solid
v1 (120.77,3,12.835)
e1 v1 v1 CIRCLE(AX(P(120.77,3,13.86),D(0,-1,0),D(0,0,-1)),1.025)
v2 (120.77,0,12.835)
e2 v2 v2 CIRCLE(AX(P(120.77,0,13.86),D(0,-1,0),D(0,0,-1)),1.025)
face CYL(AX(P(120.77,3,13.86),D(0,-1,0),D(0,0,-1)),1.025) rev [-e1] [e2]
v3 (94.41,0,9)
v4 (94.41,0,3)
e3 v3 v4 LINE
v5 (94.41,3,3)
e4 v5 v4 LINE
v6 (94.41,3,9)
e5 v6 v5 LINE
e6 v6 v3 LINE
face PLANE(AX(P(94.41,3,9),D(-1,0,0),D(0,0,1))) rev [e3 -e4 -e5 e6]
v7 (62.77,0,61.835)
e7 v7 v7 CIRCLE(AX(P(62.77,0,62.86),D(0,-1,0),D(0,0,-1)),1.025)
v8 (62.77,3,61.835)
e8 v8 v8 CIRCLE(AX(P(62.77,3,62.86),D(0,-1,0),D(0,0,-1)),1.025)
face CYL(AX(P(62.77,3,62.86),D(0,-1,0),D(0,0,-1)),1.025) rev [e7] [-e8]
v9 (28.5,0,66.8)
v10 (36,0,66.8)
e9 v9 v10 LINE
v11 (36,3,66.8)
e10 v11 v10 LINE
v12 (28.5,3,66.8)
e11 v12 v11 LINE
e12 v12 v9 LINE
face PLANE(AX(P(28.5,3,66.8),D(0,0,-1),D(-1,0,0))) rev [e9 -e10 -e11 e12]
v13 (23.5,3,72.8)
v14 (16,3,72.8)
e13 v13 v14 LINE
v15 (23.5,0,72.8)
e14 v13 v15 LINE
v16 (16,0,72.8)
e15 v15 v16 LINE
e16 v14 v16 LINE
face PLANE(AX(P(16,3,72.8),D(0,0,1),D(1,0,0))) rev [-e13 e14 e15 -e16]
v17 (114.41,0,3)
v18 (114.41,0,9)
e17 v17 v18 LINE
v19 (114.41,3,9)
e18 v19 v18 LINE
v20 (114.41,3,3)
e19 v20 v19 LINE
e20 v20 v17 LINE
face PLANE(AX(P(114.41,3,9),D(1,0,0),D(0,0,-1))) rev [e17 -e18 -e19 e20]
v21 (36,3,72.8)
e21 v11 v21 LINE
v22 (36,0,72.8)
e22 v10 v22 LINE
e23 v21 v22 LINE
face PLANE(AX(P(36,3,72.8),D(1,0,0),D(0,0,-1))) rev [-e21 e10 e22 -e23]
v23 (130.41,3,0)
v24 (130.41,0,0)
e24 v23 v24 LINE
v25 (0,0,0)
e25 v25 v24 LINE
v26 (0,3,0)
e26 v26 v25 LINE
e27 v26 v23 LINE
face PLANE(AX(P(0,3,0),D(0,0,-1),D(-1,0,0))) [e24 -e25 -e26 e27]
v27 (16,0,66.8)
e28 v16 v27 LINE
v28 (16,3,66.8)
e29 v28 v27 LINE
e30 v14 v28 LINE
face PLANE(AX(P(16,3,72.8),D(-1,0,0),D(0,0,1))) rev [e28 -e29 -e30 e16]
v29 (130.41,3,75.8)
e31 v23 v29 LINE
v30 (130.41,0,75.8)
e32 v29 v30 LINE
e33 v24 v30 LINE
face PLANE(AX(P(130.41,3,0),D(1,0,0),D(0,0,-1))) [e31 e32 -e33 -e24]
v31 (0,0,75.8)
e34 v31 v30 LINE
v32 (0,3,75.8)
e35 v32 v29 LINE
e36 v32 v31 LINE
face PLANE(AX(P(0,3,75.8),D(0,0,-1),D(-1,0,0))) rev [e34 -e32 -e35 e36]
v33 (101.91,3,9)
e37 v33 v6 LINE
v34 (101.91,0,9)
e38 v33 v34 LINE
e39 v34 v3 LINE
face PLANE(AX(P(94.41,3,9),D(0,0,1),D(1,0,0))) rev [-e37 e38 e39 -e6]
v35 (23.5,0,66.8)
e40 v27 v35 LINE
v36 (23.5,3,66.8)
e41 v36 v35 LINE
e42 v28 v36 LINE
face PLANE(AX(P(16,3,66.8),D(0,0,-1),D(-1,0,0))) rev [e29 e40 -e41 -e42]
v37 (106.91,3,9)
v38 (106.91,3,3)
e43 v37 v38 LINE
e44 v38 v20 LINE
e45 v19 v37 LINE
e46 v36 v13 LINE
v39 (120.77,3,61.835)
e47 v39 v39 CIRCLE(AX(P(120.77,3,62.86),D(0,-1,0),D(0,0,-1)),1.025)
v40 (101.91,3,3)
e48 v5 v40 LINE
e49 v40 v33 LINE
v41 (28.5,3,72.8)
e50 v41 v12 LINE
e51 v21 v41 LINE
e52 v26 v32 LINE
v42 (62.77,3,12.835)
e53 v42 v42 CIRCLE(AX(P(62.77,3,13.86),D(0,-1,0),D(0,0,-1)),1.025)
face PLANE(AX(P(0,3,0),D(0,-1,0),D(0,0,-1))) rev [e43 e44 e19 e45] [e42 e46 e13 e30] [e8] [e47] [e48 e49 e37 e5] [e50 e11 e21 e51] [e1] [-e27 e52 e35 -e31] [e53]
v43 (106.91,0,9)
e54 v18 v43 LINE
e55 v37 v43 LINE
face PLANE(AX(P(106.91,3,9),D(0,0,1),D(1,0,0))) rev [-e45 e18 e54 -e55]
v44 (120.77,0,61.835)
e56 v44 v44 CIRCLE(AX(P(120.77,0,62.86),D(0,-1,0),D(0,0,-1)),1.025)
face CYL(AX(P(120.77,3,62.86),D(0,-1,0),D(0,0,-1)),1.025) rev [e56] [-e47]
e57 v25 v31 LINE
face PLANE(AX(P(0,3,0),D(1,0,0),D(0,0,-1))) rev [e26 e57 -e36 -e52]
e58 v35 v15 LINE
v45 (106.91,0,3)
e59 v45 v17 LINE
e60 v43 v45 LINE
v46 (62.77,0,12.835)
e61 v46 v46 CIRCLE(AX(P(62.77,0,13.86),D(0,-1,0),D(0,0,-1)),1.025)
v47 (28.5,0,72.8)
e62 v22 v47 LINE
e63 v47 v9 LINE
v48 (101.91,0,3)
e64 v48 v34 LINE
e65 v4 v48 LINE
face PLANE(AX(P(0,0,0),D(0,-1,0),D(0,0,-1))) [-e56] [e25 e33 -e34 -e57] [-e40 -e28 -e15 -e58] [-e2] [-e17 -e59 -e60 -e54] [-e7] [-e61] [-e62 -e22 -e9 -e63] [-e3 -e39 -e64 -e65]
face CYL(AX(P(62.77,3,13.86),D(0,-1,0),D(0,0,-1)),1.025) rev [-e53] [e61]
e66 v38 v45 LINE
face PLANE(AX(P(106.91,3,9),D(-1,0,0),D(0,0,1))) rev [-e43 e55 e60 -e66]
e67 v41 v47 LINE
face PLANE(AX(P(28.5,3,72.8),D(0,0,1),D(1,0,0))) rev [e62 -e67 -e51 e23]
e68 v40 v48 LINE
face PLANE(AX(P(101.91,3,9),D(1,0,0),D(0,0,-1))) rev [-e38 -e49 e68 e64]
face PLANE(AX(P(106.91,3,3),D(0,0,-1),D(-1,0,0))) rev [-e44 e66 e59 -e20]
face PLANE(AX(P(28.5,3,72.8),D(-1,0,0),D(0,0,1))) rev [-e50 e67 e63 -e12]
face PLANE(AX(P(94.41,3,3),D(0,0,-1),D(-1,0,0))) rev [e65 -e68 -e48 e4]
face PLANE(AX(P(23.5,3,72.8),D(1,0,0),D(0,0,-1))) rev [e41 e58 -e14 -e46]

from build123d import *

# Parameters (mm, degrees)
SKETCH1_W           = 130.41
SKETCH1_H           = 75.8
BOSS_EXTRUDE1_DEPTH = 3
SKETCH5_W           = 7.5
SKETCH5_H           = 6
CUT_EXTRUDE4_DEPTH  = 151.868844033
SKETCH6_W           = 7.5
SKETCH6_H           = 6
CUT_EXTRUDE5_DEPTH  = 151.868844033
SKETCH8_R           = 1.025
CUT_EXTRUDE7_DEPTH  = 151.868844033
SKETCH9_R           = 1.025
CUT_EXTRUDE8_DEPTH  = 151.868844033


with BuildPart() as part:
    # Sketch1 → Boss-Extrude1 (new body)
    with BuildSketch(Plane(origin=(0, 0, 0), x_dir=(1, 0, 0), z_dir=(0, 1, 0))):
        with Locations((65.205, -37.9)):
            Rectangle(SKETCH1_W, SKETCH1_H)
    extrude(amount=BOSS_EXTRUDE1_DEPTH)

    # Sketch5 → Cut-Extrude4 (cut, through all)
    with BuildSketch(Plane.XZ):
        with Locations((32.25, 69.8)):
            Rectangle(SKETCH5_W, SKETCH5_H)
        with Locations((19.75, 69.8)):
            Rectangle(SKETCH5_W, SKETCH5_H)
    extrude(amount=-CUT_EXTRUDE4_DEPTH, mode=Mode.SUBTRACT)

    # Sketch6 → Cut-Extrude5 (cut, through all)
    with BuildSketch(Plane.XZ):
        with Locations((98.16, 6)):
            Rectangle(SKETCH6_W, SKETCH6_H)
        with Locations((110.66, 6)):
            Rectangle(SKETCH6_W, SKETCH6_H)
    extrude(amount=-CUT_EXTRUDE5_DEPTH, mode=Mode.SUBTRACT)

    # Sketch8 → Cut-Extrude7 (cut, through all)
    with BuildSketch(Plane.XZ):
        with Locations(Location((120.77, 13.86, 0), (0, 0, 270))):
            Circle(SKETCH8_R)
        with Locations(Location((120.77, 62.86, 0), (0, 0, 270))):
            Circle(SKETCH8_R)
    extrude(amount=-CUT_EXTRUDE7_DEPTH, mode=Mode.SUBTRACT)

    # Sketch9 → Cut-Extrude8 (cut, through all)
    with BuildSketch(Plane.XZ):
        with Locations(Location((62.77, 13.86, 0), (0, 0, 270))):
            Circle(SKETCH9_R)
        with Locations(Location((62.77, 62.86, 0), (0, 0, 270))):
            Circle(SKETCH9_R)
    extrude(amount=-CUT_EXTRUDE8_DEPTH, mode=Mode.SUBTRACT)


solid = part.part
